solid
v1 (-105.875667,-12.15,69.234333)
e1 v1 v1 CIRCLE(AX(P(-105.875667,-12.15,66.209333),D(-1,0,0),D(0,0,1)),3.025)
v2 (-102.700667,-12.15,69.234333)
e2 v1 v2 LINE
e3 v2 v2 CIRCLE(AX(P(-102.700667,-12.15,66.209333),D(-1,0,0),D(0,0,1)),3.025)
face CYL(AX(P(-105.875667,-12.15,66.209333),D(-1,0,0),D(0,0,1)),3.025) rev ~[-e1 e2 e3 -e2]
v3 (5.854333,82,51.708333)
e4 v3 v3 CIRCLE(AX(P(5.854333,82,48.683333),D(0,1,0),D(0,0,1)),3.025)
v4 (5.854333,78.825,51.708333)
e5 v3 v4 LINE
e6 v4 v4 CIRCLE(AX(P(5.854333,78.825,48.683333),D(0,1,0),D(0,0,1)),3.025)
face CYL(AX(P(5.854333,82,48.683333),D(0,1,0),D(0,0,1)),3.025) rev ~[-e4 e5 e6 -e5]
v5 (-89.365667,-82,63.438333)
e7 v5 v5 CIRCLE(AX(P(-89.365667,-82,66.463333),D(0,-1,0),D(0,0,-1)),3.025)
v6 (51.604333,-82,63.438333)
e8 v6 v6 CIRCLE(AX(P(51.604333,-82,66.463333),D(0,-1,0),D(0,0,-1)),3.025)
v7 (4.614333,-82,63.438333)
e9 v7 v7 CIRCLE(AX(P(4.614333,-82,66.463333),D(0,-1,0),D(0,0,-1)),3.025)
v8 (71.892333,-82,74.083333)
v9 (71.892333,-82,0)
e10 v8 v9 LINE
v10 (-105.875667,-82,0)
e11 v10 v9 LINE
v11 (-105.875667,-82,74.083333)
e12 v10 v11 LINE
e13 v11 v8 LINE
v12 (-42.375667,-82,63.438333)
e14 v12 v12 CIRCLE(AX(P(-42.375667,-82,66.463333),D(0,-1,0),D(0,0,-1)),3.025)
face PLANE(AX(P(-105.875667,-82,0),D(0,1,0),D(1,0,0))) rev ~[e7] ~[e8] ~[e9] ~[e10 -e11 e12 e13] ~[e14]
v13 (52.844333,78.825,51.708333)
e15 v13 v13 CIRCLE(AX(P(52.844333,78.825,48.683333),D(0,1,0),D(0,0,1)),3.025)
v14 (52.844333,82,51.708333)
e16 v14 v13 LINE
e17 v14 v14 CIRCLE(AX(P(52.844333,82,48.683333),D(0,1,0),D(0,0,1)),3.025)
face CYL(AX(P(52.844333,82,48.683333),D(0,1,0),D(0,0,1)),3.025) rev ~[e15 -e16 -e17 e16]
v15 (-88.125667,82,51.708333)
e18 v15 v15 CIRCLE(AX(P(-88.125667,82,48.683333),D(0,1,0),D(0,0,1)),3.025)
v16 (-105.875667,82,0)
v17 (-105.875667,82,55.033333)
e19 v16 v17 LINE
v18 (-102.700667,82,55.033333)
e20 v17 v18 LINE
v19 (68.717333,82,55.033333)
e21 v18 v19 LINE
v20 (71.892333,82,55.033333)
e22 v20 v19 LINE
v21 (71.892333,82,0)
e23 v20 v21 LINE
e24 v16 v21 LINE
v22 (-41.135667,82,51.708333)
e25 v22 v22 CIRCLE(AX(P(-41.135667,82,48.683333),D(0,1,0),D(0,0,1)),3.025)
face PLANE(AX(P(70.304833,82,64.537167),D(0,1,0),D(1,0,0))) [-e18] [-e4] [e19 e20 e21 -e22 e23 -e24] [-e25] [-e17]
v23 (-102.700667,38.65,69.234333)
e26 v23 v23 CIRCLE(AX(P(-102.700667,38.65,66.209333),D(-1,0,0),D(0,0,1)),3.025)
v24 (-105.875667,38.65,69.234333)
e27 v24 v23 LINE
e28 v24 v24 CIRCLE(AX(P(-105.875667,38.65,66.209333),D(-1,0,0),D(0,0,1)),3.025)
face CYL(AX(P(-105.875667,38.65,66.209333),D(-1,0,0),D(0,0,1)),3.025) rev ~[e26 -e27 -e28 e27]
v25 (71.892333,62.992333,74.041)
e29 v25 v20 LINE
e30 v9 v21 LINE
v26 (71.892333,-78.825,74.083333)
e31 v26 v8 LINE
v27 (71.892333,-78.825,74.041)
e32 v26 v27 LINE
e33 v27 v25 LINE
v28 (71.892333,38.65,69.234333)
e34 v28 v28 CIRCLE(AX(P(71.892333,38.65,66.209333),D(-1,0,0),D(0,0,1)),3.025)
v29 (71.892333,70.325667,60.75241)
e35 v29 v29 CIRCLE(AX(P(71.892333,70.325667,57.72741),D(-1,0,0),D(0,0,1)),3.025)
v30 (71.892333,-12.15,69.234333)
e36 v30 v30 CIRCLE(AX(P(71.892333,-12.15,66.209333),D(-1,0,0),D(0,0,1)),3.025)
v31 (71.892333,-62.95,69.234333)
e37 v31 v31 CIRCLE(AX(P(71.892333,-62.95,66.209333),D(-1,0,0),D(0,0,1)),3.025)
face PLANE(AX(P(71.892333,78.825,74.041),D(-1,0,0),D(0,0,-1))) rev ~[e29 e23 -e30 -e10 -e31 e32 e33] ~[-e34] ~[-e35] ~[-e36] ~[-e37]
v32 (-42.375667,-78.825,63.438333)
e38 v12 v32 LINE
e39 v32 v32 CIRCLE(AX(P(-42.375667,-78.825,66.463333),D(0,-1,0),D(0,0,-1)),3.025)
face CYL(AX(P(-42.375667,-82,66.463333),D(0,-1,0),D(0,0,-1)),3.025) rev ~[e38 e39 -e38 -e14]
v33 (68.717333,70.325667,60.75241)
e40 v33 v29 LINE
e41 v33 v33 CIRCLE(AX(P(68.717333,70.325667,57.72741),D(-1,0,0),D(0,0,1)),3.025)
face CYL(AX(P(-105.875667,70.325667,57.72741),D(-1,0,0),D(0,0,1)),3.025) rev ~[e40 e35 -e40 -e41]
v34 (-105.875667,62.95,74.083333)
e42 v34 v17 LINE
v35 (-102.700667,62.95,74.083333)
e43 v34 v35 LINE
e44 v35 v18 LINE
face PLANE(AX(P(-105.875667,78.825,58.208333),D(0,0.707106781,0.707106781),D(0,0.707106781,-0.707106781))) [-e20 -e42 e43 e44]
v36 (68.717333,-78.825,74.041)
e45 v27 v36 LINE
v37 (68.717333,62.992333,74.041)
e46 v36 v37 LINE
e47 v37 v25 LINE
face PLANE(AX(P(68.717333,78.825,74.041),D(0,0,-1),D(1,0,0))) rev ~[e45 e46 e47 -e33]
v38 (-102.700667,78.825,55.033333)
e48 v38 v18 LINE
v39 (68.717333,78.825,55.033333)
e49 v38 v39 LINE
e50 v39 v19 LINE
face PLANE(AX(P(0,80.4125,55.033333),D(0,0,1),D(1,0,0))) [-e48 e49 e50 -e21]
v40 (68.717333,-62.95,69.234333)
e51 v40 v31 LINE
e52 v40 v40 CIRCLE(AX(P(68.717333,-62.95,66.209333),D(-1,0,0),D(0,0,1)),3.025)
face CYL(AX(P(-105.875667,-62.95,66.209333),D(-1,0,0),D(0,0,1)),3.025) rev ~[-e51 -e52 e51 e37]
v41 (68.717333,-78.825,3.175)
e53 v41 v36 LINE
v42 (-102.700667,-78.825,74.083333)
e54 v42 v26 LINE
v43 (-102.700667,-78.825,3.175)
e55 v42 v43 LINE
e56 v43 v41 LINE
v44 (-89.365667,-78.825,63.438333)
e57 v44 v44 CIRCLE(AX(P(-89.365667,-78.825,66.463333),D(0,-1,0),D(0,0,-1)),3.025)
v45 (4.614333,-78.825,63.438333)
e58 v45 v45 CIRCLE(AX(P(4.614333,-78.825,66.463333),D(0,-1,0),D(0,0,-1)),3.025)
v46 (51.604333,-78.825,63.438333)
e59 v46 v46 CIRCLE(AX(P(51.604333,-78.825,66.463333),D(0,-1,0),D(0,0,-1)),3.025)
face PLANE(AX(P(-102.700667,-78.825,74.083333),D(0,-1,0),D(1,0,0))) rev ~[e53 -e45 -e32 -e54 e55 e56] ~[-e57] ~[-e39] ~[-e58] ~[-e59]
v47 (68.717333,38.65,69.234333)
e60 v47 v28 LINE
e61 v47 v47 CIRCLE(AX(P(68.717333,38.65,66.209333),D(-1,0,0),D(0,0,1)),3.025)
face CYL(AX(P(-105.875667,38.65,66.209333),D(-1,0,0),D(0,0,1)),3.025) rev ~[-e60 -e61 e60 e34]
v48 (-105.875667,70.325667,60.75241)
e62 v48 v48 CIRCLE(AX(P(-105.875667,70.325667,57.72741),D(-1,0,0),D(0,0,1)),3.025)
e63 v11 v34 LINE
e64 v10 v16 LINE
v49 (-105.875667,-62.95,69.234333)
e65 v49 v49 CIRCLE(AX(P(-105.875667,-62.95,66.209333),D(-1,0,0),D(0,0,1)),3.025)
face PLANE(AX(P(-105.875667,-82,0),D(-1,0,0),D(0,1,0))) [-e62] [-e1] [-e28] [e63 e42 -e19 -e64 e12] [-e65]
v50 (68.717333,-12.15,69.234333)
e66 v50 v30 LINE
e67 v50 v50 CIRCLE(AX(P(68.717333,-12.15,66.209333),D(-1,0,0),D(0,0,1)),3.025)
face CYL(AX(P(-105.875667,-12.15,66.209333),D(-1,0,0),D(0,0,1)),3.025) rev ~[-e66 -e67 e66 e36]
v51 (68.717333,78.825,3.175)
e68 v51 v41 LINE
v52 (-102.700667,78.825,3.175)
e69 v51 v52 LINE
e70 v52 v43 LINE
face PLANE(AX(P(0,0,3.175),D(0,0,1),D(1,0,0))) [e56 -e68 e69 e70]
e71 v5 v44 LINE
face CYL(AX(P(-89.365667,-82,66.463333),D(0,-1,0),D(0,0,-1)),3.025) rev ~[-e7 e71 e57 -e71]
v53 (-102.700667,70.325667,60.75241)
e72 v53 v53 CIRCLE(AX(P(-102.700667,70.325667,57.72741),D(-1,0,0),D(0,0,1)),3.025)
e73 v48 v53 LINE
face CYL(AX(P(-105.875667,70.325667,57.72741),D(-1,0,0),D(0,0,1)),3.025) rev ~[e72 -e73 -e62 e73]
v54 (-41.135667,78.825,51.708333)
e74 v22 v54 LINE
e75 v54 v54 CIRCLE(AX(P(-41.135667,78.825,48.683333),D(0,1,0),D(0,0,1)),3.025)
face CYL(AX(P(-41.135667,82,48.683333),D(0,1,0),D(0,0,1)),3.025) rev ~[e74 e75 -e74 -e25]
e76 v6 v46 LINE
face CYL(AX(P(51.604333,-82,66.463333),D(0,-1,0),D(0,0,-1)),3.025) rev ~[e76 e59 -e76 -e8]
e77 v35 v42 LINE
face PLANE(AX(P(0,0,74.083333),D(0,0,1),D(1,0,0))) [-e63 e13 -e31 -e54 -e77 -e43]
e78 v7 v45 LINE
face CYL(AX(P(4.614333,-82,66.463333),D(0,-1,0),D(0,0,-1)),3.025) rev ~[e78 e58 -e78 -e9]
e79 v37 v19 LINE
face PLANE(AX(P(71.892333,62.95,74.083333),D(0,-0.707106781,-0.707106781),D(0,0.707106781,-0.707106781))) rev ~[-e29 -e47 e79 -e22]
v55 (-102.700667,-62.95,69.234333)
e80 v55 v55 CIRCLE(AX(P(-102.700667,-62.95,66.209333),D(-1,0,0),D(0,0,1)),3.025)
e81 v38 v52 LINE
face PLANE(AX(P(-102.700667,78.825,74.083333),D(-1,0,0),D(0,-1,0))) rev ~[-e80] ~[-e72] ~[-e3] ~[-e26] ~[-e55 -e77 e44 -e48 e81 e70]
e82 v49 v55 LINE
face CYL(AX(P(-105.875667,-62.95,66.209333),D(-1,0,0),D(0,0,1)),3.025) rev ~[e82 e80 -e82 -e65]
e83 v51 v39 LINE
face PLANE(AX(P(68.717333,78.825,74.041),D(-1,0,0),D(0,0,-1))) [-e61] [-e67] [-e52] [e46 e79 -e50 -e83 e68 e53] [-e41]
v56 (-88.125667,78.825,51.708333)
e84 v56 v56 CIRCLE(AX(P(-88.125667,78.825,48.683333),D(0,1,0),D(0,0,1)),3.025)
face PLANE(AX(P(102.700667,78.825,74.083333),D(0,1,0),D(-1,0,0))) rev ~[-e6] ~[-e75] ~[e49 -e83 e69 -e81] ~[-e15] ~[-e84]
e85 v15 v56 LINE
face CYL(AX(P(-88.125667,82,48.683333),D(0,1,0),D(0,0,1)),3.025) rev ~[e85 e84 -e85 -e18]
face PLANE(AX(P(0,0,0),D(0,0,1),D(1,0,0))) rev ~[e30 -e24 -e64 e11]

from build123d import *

# Parameters (mm, degrees)
SKETCH2_W                = 211.751333334
SKETCH2_H                = 164
BOSS_EXTRUDE1_DEPTH      = 74.083333333
CUT_EXTRUDE7_DEPTH       = 70.90833333
CUT_EXTRUDE9_REACH       = 240.853
CUT_EXTRUDE10_DEPTH      = 3.175
SKETCH14_W               = 205.401333334
SKETCH14_H               = 3.175
CUT_EXTRUDE11_DEPTH      = 3.175
CUT_EXTRUDE12_DEPTH      = 239.853443446
CUT_EXTRUDE12_DEPTH_BACK = 3.175
CUT_EXTRUDE14_REACH      = 210.792
SKETCH18_R               = 3.025
LPATTERN2_COUNT          = 4
LPATTERN2_PITCH          = 46.99
CUT_EXTRUDE15_REACH      = 210.792
SKETCH19_R               = 3.025
LPATTERN3_COUNT          = 4
LPATTERN3_PITCH          = 46.99
BOSS_EXTRUDE2_DEPTH      = 70.866
SKETCH25_W               = 3.175
SKETCH25_H               = 19.00766667
BOSS_EXTRUDE3_DEPTH      = 3.175
CUT_EXTRUDE18_REACH      = 211.317
CUT_EXTRUDE19_REACH      = 155.042
SKETCH16_R               = 3.025
CUT_EXTRUDE20_DEPTH      = 210.317467246
LPATTERN4_COUNT          = 3
LPATTERN4_PITCH          = 50.8
SKETCH20_R               = 3.025
CUT_EXTRUDE21_DEPTH      = 210.317467246


with BuildPart() as part:
    # Sketch2 → Boss-Extrude1 (new body)
    with BuildSketch(Plane.XY):
        Rectangle(SKETCH2_W, SKETCH2_H)
    extrude(amount=BOSS_EXTRUDE1_DEPTH)

    # Sketch9 → Cut-Extrude7 (cut)
    with BuildSketch(Plane.XY.offset(74.083333333)):
        Polygon((-102.700666667, 62.95), (-102.700666667, -47.748173381), (-102.700666667, -78.825), (-61.266487403, -78.825), (102.700666667, -78.825), (102.700666667, -21.962957065), (102.700666667, 78.825), (-87.76182231, 78.825), (-102.700666667, 78.825), align=None)
    extrude(amount=-CUT_EXTRUDE7_DEPTH, mode=Mode.SUBTRACT)

    # Sketch11 → Cut-Extrude9 (cut, up to next)
    with BuildSketch(Plane.ZY.offset(105.875666667), mode=Mode.PRIVATE) as cut_extrude9_sk1:
        Polygon((58.208333333, 78.825), (74.083333333, 62.95), (74.083333333, 82), (58.208333333, 82), (58.208333333, 79.62382388), align=None)
    cut_extrude9_tool1 = extrude(cut_extrude9_sk1.sketch, amount=-CUT_EXTRUDE9_REACH, mode=Mode.PRIVATE) & part.part
    add(cut_extrude9_tool1.solids().sort_by_distance((-105.875667, 75.49881, 68.035714))[0], mode=Mode.SUBTRACT)

    # Sketch13 → Cut-Extrude10 (cut)
    with BuildSketch(Plane.ZY.offset(105.875666667)):
        Polygon((58.208333333, 78.825), (55.033333333, 82), (58.208333333, 82), align=None)
    extrude(amount=-CUT_EXTRUDE10_DEPTH, mode=Mode.SUBTRACT)

    # Sketch14 → Cut-Extrude11 (cut)
    with BuildSketch(Plane.XY.offset(58.208333333)):
        with Locations((0, 80.4125)):
            Rectangle(SKETCH14_W, SKETCH14_H)
    extrude(amount=-CUT_EXTRUDE11_DEPTH, mode=Mode.SUBTRACT)

    # Sketch15 → Cut-Extrude12 (cut, two sides: drawn at the far end of the back side and taken through both)
    with BuildSketch(Plane(origin=(105.875666667, 0, 0), x_dir=(0, 0, -1), z_dir=(1, 0, 0)).offset(-CUT_EXTRUDE12_DEPTH_BACK)):
        Polygon((-58.208333333, 79.215720039), (-58.208333333, 78.825), (-55.033333333, 82), (-58.208333333, 82), align=None)
    extrude(amount=CUT_EXTRUDE12_DEPTH + CUT_EXTRUDE12_DEPTH_BACK, mode=Mode.SUBTRACT)

    # Sketch18 → Cut-Extrude14 (cut, up to next)
    with BuildSketch(Plane.XZ.offset(82), mode=Mode.PRIVATE) as cut_extrude14_sk1:
        with Locations(Location((-89.365666667, 66.463333333, 0), (0, 0, 270))):
            Circle(SKETCH18_R)
    cut_extrude14_tool1 = extrude(cut_extrude14_sk1.sketch, amount=-CUT_EXTRUDE14_REACH, mode=Mode.PRIVATE) & part.part
    cut_extrude14 = cut_extrude14_tool1.solids().sort_by_distance((-89.365667, -82, 66.463333))[0]
    add(cut_extrude14, mode=Mode.SUBTRACT)

    # LPattern2: Cut-Extrude14 ×4
    with Locations(*[(i * LPATTERN2_PITCH, 0, 0) for i in range(1, LPATTERN2_COUNT)]):
        add(cut_extrude14, mode=Mode.SUBTRACT)

    # Sketch19 → Cut-Extrude15 (cut, up to next)
    with BuildSketch(Plane(origin=(0, 82, 0), x_dir=(1, 0, 0), z_dir=(0, 1, 0)), mode=Mode.PRIVATE) as cut_extrude15_sk1:
        with Locations(Location((-88.125666667, -48.683333333, 0), (0, 0, 270))):
            Circle(SKETCH19_R)
    cut_extrude15_tool1 = extrude(cut_extrude15_sk1.sketch, amount=-CUT_EXTRUDE15_REACH, mode=Mode.PRIVATE) & part.part
    cut_extrude15 = cut_extrude15_tool1.solids().sort_by_distance((-88.125667, 82, 48.683333))[0]
    add(cut_extrude15, mode=Mode.SUBTRACT)

    # LPattern3: Cut-Extrude15 ×4
    with Locations(*[(i * LPATTERN3_PITCH, 0, 0) for i in range(1, LPATTERN3_COUNT)]):
        add(cut_extrude15, mode=Mode.SUBTRACT)

    # Sketch22 → Boss-Extrude2 (add)
    with BuildSketch(Plane.XY.offset(3.175000003)):
        Polygon((68.717333313, 46.40313661), (68.717333313, 78.825), (71.892333313, 78.825), (71.892333313, -78.825), (68.717333313, -78.825), align=None)
    extrude(amount=BOSS_EXTRUDE2_DEPTH)

    # Sketch25 → Boss-Extrude3 (add)
    with BuildSketch(Plane(origin=(0, 78.825, 0), x_dir=(1, 0, 0), z_dir=(0, 1, 0))):
        with Locations((70.304833313, -64.537166668)):
            Rectangle(SKETCH25_W, SKETCH25_H)
    extrude(amount=BOSS_EXTRUDE3_DEPTH)

    # Sketch26 → Cut-Extrude18 (cut, up to next)
    with BuildSketch(Plane(origin=(71.892333313, 0, 0), x_dir=(0, 0, -1), z_dir=(1, 0, 0)), mode=Mode.PRIVATE) as cut_extrude18_sk1:
        Polygon((-74.083333333, 62.95), (-55.033333333, 82), (-74.041000003, 82), align=None)
    cut_extrude18_tool1 = extrude(cut_extrude18_sk1.sketch, amount=-CUT_EXTRUDE18_REACH, mode=Mode.PRIVATE) & part.part
    add(cut_extrude18_tool1.solids().sort_by_distance((71.892333, 75.65, 67.719222))[0], mode=Mode.SUBTRACT)

    # Sketch27 → Cut-Extrude19 (cut, up to next)
    with BuildSketch(Plane.XY.offset(74.083333333), mode=Mode.PRIVATE) as cut_extrude19_sk1:
        Polygon((71.892333313, -78.825), (71.892333313, -82), (105.875666667, -82), (105.875666667, 82), (71.892333313, 82), align=None)
    cut_extrude19_tool1 = extrude(cut_extrude19_sk1.sketch, amount=-CUT_EXTRUDE19_REACH, mode=Mode.PRIVATE) & part.part
    add(cut_extrude19_tool1.solids().sort_by_distance((88.884, 0, 74.083333))[0], mode=Mode.SUBTRACT)

    # Sketch16 → Cut-Extrude20 (cut, through all)
    with BuildSketch(Plane.ZY.offset(105.875666667)):
        with Locations((66.209333333, -62.95)):
            Circle(SKETCH16_R)
    cut_extrude20 = extrude(amount=-CUT_EXTRUDE20_DEPTH, mode=Mode.SUBTRACT)

    # LPattern4: Cut-Extrude20 ×3
    with Locations(*[(0, i * LPATTERN4_PITCH, 0) for i in range(1, LPATTERN4_COUNT)]):
        add(cut_extrude20, mode=Mode.SUBTRACT)

    # Sketch20 → Cut-Extrude21 (cut, through all)
    with BuildSketch(Plane.ZY.offset(105.875666667)):
        with Locations((57.72741017, 70.325667043)):
            Circle(SKETCH20_R)
    extrude(amount=-CUT_EXTRUDE21_DEPTH, mode=Mode.SUBTRACT)


solid = part.part
